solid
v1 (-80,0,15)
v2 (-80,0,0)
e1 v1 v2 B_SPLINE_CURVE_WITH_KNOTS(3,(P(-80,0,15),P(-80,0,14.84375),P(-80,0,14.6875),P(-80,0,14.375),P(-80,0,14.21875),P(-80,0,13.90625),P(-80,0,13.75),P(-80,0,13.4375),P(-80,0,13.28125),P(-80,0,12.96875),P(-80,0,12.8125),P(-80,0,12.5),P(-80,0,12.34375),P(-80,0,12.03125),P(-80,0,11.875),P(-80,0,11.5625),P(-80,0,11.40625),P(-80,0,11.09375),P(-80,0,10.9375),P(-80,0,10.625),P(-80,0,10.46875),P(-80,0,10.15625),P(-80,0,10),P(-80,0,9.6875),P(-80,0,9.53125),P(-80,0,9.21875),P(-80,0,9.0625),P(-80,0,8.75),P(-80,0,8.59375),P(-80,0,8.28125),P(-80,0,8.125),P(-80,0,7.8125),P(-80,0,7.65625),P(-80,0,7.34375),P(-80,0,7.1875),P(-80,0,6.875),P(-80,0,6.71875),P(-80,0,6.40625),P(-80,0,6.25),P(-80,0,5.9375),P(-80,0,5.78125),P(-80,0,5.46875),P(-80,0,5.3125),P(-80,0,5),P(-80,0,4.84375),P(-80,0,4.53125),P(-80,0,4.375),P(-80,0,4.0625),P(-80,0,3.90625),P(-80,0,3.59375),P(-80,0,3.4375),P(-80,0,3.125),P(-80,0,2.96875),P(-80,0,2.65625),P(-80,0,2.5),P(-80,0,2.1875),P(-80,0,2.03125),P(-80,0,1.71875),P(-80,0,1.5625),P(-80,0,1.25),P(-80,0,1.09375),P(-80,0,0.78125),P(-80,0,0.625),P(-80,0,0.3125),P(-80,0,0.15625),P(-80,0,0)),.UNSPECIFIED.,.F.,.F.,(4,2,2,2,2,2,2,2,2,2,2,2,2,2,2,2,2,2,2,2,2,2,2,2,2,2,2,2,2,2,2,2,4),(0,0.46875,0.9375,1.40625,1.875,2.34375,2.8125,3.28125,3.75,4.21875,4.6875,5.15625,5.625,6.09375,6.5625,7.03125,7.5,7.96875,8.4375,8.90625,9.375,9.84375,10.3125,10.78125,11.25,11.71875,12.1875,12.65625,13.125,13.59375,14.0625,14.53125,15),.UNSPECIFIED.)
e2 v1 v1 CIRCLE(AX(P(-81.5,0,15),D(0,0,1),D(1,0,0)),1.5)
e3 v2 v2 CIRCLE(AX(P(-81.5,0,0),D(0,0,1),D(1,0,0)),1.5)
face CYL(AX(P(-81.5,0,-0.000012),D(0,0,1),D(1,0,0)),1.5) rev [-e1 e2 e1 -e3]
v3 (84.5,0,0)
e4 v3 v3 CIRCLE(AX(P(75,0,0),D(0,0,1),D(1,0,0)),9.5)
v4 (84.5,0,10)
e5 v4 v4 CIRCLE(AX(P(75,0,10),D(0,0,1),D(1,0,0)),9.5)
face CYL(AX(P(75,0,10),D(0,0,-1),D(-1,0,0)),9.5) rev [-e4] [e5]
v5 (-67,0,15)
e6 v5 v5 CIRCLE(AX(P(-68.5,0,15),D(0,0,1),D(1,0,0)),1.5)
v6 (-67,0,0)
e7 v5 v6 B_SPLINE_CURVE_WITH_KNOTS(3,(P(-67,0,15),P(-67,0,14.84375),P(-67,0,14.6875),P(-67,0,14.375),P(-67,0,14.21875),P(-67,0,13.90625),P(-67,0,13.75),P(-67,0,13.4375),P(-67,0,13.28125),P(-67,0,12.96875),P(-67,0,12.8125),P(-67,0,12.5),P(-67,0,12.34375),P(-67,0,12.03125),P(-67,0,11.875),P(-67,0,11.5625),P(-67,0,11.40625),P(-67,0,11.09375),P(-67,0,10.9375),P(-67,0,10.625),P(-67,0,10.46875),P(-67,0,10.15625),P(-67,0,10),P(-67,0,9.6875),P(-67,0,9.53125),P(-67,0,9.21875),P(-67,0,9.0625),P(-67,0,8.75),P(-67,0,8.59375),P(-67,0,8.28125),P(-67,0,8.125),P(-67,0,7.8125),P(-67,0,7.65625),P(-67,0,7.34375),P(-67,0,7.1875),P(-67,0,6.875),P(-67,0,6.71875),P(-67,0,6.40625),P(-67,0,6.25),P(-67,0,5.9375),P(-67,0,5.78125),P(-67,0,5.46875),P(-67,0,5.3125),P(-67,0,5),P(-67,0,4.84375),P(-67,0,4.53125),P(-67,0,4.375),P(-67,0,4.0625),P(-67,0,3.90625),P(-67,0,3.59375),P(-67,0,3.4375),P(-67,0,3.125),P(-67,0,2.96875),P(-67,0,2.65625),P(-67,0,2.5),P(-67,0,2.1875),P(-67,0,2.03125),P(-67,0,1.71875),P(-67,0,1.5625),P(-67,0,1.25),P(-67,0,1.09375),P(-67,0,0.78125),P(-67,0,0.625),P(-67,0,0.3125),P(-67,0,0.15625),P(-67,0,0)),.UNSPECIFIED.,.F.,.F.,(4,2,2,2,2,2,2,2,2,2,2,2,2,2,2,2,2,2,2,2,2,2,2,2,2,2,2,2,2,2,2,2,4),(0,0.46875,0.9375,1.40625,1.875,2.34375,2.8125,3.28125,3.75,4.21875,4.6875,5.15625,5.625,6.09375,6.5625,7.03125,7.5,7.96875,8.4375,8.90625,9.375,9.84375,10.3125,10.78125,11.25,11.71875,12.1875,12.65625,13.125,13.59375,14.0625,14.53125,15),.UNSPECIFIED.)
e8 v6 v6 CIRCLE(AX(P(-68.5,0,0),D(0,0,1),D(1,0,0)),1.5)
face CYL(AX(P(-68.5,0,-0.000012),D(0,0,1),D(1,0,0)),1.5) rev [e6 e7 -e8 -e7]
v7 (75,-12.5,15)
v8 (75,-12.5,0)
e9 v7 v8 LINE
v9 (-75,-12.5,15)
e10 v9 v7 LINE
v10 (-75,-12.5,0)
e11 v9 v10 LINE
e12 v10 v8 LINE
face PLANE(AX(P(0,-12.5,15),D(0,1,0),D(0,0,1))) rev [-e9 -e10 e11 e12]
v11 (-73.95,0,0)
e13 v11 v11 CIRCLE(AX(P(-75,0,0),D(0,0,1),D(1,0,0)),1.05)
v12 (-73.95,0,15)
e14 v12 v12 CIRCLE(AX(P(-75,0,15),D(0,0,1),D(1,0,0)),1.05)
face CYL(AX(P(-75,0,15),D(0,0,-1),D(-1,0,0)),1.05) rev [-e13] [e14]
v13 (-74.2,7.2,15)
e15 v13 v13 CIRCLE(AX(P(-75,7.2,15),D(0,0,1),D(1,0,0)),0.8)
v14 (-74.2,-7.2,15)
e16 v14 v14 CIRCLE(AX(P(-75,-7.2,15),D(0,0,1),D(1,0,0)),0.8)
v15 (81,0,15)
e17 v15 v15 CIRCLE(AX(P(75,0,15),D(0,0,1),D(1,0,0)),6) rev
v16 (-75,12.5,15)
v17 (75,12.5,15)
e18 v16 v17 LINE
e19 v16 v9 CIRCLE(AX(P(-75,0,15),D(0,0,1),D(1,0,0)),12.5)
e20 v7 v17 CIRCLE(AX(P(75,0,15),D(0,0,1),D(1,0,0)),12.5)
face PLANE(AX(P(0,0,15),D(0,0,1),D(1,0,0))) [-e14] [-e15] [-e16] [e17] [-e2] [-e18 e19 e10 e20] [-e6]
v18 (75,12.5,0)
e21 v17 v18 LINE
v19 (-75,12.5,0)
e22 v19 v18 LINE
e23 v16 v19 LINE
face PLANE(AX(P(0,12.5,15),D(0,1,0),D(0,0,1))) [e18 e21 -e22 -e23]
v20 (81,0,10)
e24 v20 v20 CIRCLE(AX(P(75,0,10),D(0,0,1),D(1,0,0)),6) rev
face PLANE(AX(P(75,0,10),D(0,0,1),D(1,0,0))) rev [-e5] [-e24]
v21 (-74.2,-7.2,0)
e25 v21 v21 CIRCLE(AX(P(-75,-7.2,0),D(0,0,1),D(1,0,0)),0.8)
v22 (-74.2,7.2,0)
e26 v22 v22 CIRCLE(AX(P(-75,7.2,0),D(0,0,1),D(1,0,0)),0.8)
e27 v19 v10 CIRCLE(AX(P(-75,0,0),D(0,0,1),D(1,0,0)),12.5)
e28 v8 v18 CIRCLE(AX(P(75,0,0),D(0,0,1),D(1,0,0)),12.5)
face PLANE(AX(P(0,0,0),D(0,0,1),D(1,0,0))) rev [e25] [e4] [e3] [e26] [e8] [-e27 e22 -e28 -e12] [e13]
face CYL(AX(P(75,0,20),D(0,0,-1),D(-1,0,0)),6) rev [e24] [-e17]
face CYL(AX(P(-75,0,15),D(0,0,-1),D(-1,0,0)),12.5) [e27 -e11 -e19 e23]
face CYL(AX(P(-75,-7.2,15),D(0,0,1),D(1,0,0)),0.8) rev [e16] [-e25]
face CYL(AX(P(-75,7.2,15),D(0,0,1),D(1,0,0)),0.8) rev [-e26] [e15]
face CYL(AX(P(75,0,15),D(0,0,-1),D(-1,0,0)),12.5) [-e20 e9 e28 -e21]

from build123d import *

# Parameters (mm, degrees)
EXTRUDE_1_DEPTH          = 15
CUT_EXTRUDE_3_DEPTH      = 90.652105385
CUT_EXTRUDE_3_DEPTH_BACK = 90.652105385
SKETCH_7_R               = 1.5
SKETCH_8_R               = 9.5
CUT_EXTRUDE_4_DEPTH      = 10
SKETCH_9_R               = 6
CUT_EXTRUDE_10_DEPTH     = 20
M2X0_4_1_D               = 1.6
M2X0_4_2_D               = 1.6


with BuildPart() as part:
    # ｽｹｯﾁ2 → ﾎﾞｽ - 押し出し1 (new body)
    with BuildSketch(Plane.XY):
        with BuildLine():
            ThreePointArc((-62.5, 0), (-66.161165235, 8.838834765), (-75, 12.5))
            Line((-75, 12.5), (-75, 1.05))
            ThreePointArc((-75, 1.05), (-74.25753788, 0.74246212), (-73.95, 0))
            ThreePointArc((-73.95, 0), (-74.25753788, -0.74246212), (-75, -1.05))
            Line((-75, -1.05), (-75, -12.5))
            ThreePointArc((-75, -12.5), (-66.161165235, -8.838834765), (-62.5, 0))
        make_face()
        with BuildLine():
            Line((-75, 1.05), (-75, 12.5))
            ThreePointArc((-75, 12.5), (-87.5, 0), (-75, -12.5))
            Line((-75, -12.5), (-75, -1.05))
            ThreePointArc((-75, -1.05), (-76.05, 0), (-75, 1.05))
        make_face()
        with BuildLine():
            Line((75, 12.5), (-75, 12.5))
            ThreePointArc((-75, 12.5), (-66.161165235, 8.838834765), (-62.5, 0))
            ThreePointArc((-62.5, 0), (-66.161165235, -8.838834765), (-75, -12.5))
            Line((-75, -12.5), (75, -12.5))
            ThreePointArc((75, -12.5), (62.5, 0), (75, 12.5))
        make_face()
        with BuildLine():
            ThreePointArc((87.5, 0), (83.838834765, 8.838834765), (75, 12.5))
            Line((75, 12.5), (75, 1.05))
            ThreePointArc((75, 1.05), (75.74246212, 0.74246212), (76.05, 0))
            ThreePointArc((76.05, 0), (75.74246212, -0.74246212), (75, -1.05))
            Line((75, -1.05), (75, -12.5))
            ThreePointArc((75, -12.5), (83.838834765, -8.838834765), (87.5, 0))
        make_face()
        with BuildLine():
            Line((75, 1.05), (75, 12.5))
            ThreePointArc((75, 12.5), (62.5, 0), (75, -12.5))
            Line((75, -12.5), (75, -1.05))
            ThreePointArc((75, -1.05), (73.95, 0), (75, 1.05))
        make_face()
    extrude(amount=EXTRUDE_1_DEPTH)

    # ｽｹｯﾁ7 → ｶｯﾄ - 押し出し3 (cut, two sides: drawn at the far end of the back side and taken through both)
    with BuildSketch(Plane.XY.offset(-CUT_EXTRUDE_3_DEPTH_BACK)):
        with Locations((-68.5, 0)):
            Circle(SKETCH_7_R)
        with Locations((-81.5, 0)):
            Circle(SKETCH_7_R)
    extrude(amount=CUT_EXTRUDE_3_DEPTH + CUT_EXTRUDE_3_DEPTH_BACK, mode=Mode.SUBTRACT)

    # ｽｹｯﾁ8 → ｶｯﾄ - 押し出し4 (cut)
    with BuildSketch(Plane.XY):
        with Locations((75, 0)):
            Circle(SKETCH_8_R)
    extrude(amount=CUT_EXTRUDE_4_DEPTH, mode=Mode.SUBTRACT)

    # ｽｹｯﾁ9 → ｶｯﾄ - 押し出し10 (cut)
    with BuildSketch(Plane.XY):
        with Locations((75, 0)):
            Circle(SKETCH_9_R)
    extrude(amount=CUT_EXTRUDE_10_DEPTH, mode=Mode.SUBTRACT)

    # M2x0.4 ねじ穴1 (through all)
    with Locations(Plane.XY.offset(15)):
        with Locations((-75, 7.2), (-67.8, 0), (-75, -7.2)):
            Hole(M2X0_4_1_D / 2)

    # M2x0.4 ねじ穴2 (through all)
    with Locations(Plane.XY.offset(15)):
        with Locations((-67.8, 0)):
            Hole(M2X0_4_2_D / 2)


solid = part.part
